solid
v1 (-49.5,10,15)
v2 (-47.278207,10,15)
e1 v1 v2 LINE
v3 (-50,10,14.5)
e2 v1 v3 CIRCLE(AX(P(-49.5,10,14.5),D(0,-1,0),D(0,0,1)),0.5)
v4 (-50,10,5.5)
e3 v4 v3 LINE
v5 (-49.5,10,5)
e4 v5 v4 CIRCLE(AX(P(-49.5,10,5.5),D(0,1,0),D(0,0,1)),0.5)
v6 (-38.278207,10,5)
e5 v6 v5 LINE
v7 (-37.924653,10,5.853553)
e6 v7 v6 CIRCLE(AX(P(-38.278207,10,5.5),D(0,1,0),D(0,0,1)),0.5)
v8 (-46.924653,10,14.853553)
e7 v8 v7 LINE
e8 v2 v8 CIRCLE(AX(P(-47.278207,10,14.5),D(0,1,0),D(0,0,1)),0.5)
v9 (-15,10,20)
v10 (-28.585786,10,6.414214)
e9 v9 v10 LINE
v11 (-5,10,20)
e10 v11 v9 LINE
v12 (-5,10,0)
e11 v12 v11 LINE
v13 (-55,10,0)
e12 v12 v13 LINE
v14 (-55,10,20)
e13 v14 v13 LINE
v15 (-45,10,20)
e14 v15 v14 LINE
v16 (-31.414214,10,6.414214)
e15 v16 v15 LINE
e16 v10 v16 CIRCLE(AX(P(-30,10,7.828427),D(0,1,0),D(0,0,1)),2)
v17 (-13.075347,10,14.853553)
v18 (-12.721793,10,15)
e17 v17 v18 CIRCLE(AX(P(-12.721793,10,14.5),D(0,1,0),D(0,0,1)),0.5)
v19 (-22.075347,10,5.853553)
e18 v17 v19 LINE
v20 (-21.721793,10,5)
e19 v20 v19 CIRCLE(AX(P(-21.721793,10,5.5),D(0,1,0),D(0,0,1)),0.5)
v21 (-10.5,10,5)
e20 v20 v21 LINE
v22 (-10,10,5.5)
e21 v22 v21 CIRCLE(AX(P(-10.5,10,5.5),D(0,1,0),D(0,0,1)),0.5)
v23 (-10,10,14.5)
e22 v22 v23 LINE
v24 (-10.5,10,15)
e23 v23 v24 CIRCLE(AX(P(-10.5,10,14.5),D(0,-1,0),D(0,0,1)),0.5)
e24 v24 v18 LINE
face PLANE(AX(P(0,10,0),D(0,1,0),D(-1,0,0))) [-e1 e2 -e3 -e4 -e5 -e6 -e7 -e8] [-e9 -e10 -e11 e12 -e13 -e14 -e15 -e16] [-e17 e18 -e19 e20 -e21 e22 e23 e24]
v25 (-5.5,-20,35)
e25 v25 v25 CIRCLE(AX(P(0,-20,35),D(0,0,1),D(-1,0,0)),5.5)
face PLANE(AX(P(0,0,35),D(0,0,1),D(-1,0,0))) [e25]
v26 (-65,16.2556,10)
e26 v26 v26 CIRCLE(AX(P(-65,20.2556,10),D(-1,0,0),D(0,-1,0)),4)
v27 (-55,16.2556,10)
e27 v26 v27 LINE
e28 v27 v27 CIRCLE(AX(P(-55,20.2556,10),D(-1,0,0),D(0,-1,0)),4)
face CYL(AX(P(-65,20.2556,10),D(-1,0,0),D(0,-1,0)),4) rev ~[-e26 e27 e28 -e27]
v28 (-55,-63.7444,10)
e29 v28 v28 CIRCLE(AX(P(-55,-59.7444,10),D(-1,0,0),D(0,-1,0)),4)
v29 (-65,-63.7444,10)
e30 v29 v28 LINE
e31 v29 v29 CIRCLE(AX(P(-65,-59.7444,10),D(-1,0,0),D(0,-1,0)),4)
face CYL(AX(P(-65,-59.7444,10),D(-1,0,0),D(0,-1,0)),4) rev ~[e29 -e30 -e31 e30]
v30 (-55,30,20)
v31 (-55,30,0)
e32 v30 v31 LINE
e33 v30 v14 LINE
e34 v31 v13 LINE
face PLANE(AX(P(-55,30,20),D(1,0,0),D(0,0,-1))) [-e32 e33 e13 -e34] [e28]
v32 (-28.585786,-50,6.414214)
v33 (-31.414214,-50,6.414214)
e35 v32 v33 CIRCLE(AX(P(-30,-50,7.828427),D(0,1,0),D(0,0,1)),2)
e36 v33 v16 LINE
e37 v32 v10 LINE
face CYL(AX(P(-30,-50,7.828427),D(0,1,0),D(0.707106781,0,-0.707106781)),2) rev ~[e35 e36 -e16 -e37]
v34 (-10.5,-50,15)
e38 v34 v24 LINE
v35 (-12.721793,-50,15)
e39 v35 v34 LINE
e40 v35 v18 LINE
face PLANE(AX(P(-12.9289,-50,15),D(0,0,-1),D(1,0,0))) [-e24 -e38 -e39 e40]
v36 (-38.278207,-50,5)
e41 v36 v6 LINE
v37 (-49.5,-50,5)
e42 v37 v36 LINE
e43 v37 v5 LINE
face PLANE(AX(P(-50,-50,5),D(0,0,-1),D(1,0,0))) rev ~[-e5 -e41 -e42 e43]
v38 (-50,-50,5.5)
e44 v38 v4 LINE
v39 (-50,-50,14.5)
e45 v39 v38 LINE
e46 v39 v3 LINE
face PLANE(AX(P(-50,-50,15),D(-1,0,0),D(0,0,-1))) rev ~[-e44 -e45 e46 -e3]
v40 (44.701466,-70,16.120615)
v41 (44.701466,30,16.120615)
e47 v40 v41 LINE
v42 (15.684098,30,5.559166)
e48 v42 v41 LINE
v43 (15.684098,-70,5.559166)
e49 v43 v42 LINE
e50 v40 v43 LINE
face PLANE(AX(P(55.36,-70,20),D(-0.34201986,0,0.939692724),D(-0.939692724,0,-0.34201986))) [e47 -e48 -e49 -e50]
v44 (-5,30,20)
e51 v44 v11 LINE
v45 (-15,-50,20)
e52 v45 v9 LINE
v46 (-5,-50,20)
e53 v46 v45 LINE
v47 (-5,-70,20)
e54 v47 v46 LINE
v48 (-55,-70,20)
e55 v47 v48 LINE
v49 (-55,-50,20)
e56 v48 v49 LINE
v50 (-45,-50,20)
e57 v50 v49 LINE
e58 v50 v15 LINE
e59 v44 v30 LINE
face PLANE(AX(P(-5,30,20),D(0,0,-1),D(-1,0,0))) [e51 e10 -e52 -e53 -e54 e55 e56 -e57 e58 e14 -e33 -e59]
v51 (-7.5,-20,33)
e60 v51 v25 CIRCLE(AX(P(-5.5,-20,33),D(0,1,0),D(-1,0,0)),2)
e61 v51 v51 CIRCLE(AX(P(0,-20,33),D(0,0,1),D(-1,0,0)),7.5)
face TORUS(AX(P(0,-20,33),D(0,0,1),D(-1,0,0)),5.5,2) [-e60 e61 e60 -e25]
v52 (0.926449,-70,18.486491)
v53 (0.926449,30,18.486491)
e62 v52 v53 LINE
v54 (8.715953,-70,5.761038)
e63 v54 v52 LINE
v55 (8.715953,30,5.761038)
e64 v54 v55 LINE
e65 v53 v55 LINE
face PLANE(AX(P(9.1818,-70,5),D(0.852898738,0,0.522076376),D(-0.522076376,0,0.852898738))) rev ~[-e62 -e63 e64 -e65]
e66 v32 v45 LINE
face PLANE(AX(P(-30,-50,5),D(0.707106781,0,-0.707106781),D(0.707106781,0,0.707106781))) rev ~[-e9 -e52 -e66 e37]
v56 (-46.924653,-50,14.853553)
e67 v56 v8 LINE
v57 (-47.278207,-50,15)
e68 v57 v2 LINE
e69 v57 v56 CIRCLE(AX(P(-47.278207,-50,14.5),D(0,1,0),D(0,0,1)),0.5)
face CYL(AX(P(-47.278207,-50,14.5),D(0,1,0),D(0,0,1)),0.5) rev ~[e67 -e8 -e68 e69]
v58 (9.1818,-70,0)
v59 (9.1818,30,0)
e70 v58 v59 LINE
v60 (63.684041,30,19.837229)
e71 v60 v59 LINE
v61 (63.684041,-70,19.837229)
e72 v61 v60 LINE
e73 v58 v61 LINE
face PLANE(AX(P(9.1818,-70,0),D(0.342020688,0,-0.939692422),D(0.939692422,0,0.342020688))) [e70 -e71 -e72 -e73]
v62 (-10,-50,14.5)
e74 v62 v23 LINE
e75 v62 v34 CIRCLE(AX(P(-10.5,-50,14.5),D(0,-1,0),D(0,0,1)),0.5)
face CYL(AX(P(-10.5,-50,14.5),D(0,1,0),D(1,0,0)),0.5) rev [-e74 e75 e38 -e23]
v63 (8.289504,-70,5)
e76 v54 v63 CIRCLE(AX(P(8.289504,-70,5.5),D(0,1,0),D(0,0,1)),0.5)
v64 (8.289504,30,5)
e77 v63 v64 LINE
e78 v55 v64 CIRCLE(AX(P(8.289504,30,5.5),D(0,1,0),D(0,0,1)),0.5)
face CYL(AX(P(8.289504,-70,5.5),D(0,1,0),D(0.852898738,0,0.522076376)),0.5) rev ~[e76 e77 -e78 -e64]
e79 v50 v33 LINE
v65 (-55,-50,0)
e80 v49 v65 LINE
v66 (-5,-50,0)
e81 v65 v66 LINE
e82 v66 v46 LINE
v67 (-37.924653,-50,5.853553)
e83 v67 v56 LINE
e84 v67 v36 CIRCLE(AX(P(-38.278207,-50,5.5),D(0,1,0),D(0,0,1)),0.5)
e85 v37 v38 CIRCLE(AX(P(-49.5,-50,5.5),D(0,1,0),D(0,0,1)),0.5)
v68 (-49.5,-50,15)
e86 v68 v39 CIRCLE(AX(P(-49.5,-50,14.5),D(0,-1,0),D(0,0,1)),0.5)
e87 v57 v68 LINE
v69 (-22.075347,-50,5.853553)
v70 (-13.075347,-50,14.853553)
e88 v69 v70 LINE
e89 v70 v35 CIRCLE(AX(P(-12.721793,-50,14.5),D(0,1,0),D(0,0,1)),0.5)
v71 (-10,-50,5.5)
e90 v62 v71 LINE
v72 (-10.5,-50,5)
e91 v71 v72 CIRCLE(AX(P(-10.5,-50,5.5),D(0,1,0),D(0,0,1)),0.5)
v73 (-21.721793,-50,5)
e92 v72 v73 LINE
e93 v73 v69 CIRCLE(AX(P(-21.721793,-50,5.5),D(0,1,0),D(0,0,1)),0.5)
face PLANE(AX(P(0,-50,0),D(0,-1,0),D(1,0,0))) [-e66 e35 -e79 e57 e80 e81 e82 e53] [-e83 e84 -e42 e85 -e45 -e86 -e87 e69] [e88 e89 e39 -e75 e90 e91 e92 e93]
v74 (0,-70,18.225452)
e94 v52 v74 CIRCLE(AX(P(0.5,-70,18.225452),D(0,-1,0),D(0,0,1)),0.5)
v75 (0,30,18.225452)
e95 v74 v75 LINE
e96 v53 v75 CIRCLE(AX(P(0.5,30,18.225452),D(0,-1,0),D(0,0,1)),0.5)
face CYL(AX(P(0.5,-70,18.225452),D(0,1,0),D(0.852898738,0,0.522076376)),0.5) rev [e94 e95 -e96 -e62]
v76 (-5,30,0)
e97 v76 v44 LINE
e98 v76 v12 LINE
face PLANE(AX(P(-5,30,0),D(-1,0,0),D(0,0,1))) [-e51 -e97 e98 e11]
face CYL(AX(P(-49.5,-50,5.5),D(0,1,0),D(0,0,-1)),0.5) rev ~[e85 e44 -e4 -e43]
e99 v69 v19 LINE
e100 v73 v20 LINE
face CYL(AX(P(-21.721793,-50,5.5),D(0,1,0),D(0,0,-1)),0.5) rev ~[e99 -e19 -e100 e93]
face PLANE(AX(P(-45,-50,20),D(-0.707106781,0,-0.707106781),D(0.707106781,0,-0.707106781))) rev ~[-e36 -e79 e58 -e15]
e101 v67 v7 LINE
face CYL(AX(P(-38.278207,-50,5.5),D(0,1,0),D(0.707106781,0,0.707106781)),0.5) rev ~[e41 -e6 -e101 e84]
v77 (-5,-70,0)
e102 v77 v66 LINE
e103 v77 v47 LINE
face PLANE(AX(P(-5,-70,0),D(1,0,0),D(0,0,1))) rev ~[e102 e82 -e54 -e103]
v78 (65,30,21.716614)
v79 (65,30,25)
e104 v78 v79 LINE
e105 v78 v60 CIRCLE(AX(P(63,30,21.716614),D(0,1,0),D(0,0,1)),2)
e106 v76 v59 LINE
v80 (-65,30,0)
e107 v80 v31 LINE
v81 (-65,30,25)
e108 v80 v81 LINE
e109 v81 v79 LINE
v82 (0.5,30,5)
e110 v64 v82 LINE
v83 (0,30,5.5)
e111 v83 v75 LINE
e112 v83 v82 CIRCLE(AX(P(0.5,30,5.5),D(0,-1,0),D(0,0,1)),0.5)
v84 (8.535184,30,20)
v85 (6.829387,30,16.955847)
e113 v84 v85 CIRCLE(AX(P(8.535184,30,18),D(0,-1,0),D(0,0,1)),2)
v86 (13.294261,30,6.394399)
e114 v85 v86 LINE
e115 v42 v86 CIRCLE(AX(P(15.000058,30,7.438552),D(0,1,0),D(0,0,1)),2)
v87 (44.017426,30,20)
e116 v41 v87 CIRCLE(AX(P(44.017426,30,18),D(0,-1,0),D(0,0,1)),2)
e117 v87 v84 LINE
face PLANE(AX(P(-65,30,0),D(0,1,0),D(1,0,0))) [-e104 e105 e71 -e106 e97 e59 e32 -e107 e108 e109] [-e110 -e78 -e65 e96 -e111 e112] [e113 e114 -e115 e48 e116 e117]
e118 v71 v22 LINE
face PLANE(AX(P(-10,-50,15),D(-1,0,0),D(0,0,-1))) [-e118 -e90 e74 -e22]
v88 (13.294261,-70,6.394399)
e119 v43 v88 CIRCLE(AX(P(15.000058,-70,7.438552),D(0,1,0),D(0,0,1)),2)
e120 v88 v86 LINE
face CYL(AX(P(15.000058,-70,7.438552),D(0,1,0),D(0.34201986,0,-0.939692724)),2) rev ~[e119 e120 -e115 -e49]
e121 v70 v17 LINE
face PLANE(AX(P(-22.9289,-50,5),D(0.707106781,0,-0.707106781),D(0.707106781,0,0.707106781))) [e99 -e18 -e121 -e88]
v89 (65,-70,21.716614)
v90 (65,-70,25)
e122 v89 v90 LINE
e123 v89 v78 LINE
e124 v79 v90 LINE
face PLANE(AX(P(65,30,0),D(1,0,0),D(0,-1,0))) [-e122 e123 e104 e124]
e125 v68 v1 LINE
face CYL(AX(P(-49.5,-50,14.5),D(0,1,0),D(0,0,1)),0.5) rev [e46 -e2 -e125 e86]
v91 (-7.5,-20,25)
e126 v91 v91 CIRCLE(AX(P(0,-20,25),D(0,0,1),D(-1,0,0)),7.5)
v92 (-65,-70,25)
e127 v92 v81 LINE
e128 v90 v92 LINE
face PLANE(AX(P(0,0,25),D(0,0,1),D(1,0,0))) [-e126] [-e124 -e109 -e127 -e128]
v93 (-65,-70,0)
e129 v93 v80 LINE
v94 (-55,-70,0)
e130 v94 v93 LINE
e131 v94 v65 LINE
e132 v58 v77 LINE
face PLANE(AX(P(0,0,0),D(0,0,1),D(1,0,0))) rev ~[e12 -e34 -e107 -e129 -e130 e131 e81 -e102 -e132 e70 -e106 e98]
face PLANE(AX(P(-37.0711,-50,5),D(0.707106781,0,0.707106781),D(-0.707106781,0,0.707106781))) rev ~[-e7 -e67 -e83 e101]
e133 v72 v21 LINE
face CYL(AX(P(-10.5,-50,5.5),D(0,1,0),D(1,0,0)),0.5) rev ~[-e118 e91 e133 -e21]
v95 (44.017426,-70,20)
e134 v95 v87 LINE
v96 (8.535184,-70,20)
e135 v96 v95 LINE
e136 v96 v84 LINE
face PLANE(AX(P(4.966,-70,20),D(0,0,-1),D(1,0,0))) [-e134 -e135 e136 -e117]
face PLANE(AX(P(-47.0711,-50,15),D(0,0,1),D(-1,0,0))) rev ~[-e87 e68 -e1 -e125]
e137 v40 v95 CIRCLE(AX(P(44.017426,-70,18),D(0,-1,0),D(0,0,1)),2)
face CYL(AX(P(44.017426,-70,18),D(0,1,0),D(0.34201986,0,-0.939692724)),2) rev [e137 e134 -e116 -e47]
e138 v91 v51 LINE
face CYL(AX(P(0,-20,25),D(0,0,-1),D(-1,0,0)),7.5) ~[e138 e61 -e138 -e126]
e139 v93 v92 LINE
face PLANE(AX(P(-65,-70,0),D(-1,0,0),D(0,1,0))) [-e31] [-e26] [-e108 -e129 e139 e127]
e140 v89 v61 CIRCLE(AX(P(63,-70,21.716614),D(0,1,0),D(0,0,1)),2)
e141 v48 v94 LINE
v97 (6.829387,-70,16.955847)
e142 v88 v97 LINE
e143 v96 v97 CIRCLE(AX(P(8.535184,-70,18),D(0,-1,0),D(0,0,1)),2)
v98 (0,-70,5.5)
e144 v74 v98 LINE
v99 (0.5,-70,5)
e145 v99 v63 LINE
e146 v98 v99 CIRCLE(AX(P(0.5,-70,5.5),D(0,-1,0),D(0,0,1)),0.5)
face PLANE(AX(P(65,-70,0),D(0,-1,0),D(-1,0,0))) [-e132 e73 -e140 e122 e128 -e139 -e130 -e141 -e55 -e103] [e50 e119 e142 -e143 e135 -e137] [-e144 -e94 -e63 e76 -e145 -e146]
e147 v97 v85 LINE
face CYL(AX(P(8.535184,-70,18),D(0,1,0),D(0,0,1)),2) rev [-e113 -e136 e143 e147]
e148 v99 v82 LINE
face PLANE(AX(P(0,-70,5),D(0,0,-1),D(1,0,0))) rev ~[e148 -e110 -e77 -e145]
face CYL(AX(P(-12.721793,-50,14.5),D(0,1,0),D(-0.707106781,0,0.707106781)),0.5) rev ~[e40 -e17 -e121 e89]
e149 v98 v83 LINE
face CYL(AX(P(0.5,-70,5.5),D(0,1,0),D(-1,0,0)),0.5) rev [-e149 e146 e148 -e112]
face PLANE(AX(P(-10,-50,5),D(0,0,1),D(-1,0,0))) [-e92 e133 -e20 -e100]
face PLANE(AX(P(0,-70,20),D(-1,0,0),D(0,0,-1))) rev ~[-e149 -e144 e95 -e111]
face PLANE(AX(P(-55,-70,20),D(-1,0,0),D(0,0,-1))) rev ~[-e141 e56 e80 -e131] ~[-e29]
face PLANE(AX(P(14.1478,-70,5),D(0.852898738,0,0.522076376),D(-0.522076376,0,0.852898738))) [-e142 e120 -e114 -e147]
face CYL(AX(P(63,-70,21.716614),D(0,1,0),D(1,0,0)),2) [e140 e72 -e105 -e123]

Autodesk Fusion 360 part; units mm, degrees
sketch "Sketch1" plane through (0, 0, 0) normal (0, 0, 1) x (1, 0, 0)
  line L0 (-65, 30) -> (65, 30)
  line L1 (65, 30) -> (65, -70)
  line L2 (65, -70) -> (-65, -70)
  line L3 (-65, -70) -> (-65, 30)
  dimension "d1" = 130
  dimension "d2" = 100
extrude "Extrude1" add sketch "Sketch1" along normal blind 25
sketch "Sketch3" plane through (-65, 0, 0) normal (-1, 0, 0) x (0, -1, 0)
  line L0 (-30, 0) -> (70, 0)
  line L1 (70, 0) -> (70, 25)
  line L2 (70, 25) -> (-30, 25)
  line L3 (-30, 25) -> (-30, 0)
  circle A0 centre (-20.2556, 10) radius 4
  circle A1 centre (59.7444, 10) radius 4
  dimension "d6" = 8
  dimension "d7" = 10
  dimension "d8" = 80
extrude "Extrude2" cut sketch "Sketch3" against normal blind 10 contours A0 | A1
sketch "Sketch4" plane through (0, -70, 0) normal (0, -1, 0) x (1, 0, 0)
  line L0 (-65, 0) -> (65, 0)
  line L1 (65, 0) -> (65, 25)
  line L2 (65, 25) -> (-65, 25)
  line L3 (-65, 25) -> (-65, 0)
  line L4 (-55, 0) -> (-5, 0)
  line L5 (-5, 0) -> (-5, 20)
  line L6 (-5, 20) -> (-55, 20)
  line L7 (-55, 20) -> (-55, 0)
  dimension "d11" = 10
  dimension "d12" = 20
  dimension "d15" = 50
extrude "Extrude3" cut sketch "Sketch4" against normal blind 20 contours L0 L4 L5 L6 L7
sketch "Sketch5" plane through (0, 30, 0) normal (0, 1, 0) x (-1, 0, 0)
  line L0 (-65, 0) -> (65, 0)
  line L1 (65, 0) -> (65, 25)
  line L2 (65, 25) -> (-65, 25)
  line L3 (-65, 25) -> (-65, 0)
  line L4 (5, 20) -> (55, 20)
  line L5 (55, 20) -> (55, 0)
  line L6 (55, 0) -> (5, 0)
  line L7 (5, 0) -> (5, 20)
  dimension "d16" = 50
  dimension "d17" = 20
  dimension "d19" = 10
extrude "Extrude4" cut sketch "Sketch5" against normal blind 20 contours L0 L4 L5 L6 L7
sketch "Sketch6" plane through (0, -70, 0) normal (0, -1, 0) x (1, 0, 0)
  line L0 (-55, 0) -> (-55, 20)
  line L1 (-55, 20) -> (-5, 20)
  line L2 (-5, 20) -> (-5, 0)
  line L3 (-5, 0) -> (65, 0)
  line L4 (65, 0) -> (65, 25)
  line L5 (65, 25) -> (-65, 25)
  line L6 (-65, 25) -> (-65, 0)
  line L7 (-65, 0) -> (-55, 0)
  line L8 (9.1818, 0) -> (65, 20.3162)
  dimension "d22" = 20
extrude "Extrude5" cut sketch "Sketch6" against normal through all contours L3 L4 L8
sketch "Sketch7" plane through (0, -70, 0) normal (0, -1, 0) x (1, 0, 0)
  line L0 (9.1818, 0) -> (65, 20.3162)
  line L1 (65, 20.3162) -> (65, 25)
  line L2 (65, 25) -> (-65, 25)
  line L3 (-65, 25) -> (-65, 0)
  line L4 (-65, 0) -> (-55, 0)
  line L5 (-55, 0) -> (-55, 20)
  line L6 (-55, 20) -> (-5, 20)
  line L7 (-5, 20) -> (-5, 0)
  line L8 (-5, 0) -> (9.1818, 0)
  line L9 (0, 20) -> (0, 5)
  line L10 (0, 5) -> (9.1818, 5)
  line L11 (9.1818, 5) -> (0, 20)
  line L12 (4.966, 20) -> (55.36, 20)
  line L13 (55.36, 20) -> (14.1478, 5)
  line L14 (14.1478, 5) -> (4.966, 20)
  dimension "d24" = 5
  dimension "d25" = 5
  dimension "d27" = 3
extrude "Extrude6" cut sketch "Sketch7" against normal through all contours L9 L10 L11 | L12 L13 L14
sketch "Sketch8" plane through (0, -50, 0) normal (0, -1, 0) x (1, 0, 0)
  line L0 (-55, 20) -> (-55, 0)
  line L1 (-55, 0) -> (-5, 0)
  line L2 (-5, 0) -> (-5, 20)
  line L3 (-5, 20) -> (-55, 20)
  line L4 (-45, 20) -> (-30, 5)
  line L5 (-30, 5) -> (-15, 20)
  line L6 (-45, 20) -> (-15, 20)
  dimension "d29" = 45
  dimension "d30" = 45
  dimension "d31" = 5
extrude "Extrude7" cut sketch "Sketch8" against normal through all contours L3 L4 L5 L6
sketch "Sketch9" plane through (0, -50, 0) normal (0, -1, 0) x (1, 0, 0)
  line L0 (-30, 5) -> (-45, 20)
  line L1 (-45, 20) -> (-55, 20)
  line L2 (-55, 20) -> (-55, 0)
  line L3 (-55, 0) -> (-5, 0)
  line L4 (-5, 0) -> (-5, 20)
  line L5 (-5, 20) -> (-15, 20)
  line L6 (-15, 20) -> (-30, 5)
  line L7 (-50, 15) -> (-50, 5)
  line L8 (-50, 5) -> (-37.0711, 5)
  line L9 (-37.0711, 5) -> (-47.0711, 15)
  line L10 (-47.0711, 15) -> (-50, 15)
  line L11 (-30, 13.9289) -> (-30, -2.0711)
  line L12 (-12.9289, 15) -> (-10, 15)
  line L13 (-10, 15) -> (-10, 5)
  line L14 (-10, 5) -> (-22.9289, 5)
  line L15 (-22.9289, 5) -> (-12.9289, 15)
  dimension "d33" = 5
  dimension "d34" = 5
  dimension "d35" = 5
  dimension "d36" = 5
extrude "Extrude8" cut sketch "Sketch9" against normal through all contours L7 L8 L9 L10 | L12 L13 L14 L15
sketch "Sketch10" plane through (0, 0, 25) normal (0, 0, 1) x (-1, 0, 0)
  line L0 (65, 70) -> (-65, 70)
  line L1 (-65, 70) -> (-65, -30)
  line L2 (-65, -30) -> (65, -30)
  line L3 (65, -30) -> (65, 70)
  circle A0 centre (0, 20) radius 7.5
  point P0 (0, -30)
  point P1 (65, 20)
  dimension "d38" = 15
extrude "Extrude9" add sketch "Sketch10" along normal blind 10 contours A0
fillet "Fillet1" radius 2 1 edges at (6.9925, -17.2879, 35)
fillet "Fillet1" radius 2 4 edges at (65, -20, 20.3162) (14.1478, -20, 5) (55.36, -20, 20) (4.966, -20, 20)
fillet "Fillet1" radius 0.5 3 edges at (9.1818, -20, 5) (0, -20, 5) (0, -20, 20)
fillet "Fillet1" radius 0.5 4 edges at (-10, -20, 5) (-10, -20, 15) (-12.9289, -20, 15) (-22.9289, -20, 5)
fillet "Fillet1" radius 0.5 4 edges at (-37.0711, -20, 5) (-50, -20, 5) (-50, -20, 15) (-47.0711, -20, 15)
fillet "Fillet1" radius 2 1 edges at (-30, -20, 5)
